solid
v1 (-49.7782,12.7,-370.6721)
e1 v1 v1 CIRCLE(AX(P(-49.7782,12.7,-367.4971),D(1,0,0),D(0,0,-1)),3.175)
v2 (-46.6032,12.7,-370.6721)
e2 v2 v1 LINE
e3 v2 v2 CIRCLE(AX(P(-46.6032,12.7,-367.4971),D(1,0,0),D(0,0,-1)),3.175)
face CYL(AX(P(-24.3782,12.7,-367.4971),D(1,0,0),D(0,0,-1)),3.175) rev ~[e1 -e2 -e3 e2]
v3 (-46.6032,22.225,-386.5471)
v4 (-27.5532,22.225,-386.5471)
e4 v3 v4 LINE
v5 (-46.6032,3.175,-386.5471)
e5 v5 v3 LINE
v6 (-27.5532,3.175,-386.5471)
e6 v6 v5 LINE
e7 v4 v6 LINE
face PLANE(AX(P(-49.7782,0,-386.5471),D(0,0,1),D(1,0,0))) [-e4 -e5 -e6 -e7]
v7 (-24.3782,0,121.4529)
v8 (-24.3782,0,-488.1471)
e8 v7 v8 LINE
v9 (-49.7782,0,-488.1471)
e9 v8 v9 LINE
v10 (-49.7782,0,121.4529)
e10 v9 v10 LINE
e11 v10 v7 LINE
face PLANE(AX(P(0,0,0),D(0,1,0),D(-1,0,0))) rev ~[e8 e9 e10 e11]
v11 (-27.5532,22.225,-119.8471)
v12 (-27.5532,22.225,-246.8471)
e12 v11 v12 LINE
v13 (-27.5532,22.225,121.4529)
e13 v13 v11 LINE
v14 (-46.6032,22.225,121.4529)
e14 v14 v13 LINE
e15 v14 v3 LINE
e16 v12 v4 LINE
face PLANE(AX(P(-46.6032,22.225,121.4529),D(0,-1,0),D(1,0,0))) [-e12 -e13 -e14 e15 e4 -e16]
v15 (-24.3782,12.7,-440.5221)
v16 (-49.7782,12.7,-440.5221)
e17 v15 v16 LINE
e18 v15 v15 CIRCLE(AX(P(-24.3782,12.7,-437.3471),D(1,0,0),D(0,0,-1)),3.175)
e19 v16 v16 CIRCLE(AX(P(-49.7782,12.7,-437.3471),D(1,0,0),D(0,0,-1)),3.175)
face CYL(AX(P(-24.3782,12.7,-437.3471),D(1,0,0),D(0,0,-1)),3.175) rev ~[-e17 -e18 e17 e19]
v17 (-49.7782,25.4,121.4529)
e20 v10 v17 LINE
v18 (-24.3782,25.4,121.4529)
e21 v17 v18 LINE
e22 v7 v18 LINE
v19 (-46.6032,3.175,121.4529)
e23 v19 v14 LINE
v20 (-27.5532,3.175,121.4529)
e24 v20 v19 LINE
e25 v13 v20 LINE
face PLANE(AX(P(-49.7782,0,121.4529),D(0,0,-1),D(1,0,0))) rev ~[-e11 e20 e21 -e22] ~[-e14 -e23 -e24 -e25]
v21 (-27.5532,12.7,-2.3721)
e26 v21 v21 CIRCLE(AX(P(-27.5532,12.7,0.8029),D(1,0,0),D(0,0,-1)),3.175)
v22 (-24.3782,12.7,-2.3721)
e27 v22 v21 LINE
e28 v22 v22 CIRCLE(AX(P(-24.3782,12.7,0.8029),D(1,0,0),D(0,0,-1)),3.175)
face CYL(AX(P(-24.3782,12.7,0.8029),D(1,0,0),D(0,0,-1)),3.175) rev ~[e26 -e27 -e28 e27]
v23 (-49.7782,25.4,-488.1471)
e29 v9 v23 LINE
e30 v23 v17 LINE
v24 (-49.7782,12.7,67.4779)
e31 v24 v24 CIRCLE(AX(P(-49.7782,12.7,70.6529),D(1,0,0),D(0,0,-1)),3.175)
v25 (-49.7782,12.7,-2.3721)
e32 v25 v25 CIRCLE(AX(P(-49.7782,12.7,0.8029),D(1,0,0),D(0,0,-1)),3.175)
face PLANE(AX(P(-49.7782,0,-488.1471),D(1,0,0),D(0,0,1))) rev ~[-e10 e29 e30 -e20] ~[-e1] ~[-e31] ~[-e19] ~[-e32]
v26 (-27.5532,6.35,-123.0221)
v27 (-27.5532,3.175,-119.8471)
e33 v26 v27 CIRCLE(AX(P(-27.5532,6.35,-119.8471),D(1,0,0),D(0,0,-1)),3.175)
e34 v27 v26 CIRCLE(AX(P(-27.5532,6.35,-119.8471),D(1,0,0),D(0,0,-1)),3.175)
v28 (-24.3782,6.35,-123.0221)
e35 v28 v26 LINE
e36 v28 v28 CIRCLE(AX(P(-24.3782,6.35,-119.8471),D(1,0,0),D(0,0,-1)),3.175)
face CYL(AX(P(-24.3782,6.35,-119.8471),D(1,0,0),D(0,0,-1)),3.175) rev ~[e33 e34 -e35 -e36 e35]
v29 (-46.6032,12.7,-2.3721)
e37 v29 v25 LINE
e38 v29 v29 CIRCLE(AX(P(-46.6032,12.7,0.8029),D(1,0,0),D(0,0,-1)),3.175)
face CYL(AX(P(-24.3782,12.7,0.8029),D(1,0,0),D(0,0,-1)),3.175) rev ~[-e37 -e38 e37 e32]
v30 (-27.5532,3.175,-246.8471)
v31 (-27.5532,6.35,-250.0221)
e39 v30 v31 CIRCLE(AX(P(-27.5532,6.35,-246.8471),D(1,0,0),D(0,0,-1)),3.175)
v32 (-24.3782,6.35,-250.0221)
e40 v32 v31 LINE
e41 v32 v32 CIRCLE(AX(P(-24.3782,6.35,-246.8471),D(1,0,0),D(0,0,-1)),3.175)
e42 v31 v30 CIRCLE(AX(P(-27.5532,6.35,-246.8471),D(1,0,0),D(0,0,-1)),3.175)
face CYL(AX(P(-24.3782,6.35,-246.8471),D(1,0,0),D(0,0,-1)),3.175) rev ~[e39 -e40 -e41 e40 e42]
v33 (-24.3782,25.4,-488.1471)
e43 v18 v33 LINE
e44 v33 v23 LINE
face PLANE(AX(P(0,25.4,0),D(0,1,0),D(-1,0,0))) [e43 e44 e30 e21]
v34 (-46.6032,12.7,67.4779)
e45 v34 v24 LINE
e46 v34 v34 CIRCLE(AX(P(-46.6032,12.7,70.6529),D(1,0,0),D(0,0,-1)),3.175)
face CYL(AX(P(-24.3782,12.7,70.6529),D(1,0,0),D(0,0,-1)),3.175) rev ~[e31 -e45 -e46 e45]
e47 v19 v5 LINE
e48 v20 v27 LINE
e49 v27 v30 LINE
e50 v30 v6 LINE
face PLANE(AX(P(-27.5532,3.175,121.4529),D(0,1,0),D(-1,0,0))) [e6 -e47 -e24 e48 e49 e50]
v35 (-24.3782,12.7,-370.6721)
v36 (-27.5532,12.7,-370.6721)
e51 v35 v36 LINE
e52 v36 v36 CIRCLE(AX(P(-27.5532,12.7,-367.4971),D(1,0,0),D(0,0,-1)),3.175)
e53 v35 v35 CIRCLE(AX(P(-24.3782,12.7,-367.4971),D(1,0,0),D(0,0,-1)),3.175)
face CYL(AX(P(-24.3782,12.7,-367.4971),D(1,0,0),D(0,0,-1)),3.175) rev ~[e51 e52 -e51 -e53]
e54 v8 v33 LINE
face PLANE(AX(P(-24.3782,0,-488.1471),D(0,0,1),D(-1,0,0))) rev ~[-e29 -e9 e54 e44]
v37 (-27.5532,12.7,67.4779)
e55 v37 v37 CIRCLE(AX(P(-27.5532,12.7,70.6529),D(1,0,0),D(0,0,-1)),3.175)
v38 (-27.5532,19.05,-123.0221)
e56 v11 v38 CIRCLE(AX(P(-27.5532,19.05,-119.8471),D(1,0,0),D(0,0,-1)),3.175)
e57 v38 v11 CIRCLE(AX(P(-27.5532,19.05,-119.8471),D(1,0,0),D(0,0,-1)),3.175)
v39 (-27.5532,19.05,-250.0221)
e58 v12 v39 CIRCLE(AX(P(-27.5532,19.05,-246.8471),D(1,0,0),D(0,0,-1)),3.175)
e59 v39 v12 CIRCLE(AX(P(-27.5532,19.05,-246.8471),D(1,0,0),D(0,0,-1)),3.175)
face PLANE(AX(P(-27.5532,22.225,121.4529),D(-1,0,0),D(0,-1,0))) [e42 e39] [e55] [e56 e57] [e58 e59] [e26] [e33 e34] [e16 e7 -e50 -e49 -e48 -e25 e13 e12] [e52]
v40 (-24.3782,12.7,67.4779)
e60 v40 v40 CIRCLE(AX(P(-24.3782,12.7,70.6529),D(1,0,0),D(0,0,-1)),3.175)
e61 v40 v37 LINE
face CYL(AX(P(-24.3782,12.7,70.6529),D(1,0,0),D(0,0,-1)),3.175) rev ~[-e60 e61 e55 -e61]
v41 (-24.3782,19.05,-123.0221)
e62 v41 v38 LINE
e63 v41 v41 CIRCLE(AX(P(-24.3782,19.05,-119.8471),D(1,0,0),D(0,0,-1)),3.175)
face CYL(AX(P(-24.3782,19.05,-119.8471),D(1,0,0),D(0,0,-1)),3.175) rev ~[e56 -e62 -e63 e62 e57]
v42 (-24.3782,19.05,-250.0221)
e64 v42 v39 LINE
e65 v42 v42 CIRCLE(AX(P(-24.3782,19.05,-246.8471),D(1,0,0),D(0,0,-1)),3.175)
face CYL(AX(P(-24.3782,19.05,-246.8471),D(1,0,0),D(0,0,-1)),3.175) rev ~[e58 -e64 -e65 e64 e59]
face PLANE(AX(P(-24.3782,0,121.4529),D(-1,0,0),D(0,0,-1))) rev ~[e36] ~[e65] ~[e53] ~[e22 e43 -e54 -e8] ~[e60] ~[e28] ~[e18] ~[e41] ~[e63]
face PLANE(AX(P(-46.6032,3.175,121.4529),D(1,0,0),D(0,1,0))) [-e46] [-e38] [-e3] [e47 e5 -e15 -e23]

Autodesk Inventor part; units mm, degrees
ref_plane "YZ Plane" through (0, 0, 0) normal (1, 0, 0) x (0, 1, 0)
ref_plane "XZ Plane" through (0, 0, 0) normal (0, 1, 0) x (-1, 0, 0)
ref_plane "XY Plane" through (0, 0, 0) normal (0, 0, 1) x (1, 0, 0)
sketch "Sketch1" plane through (0, 0, 0) normal (0, 1, 0) x (-1, 0, 0)
  line L0 (49.7782, 121.4529) -> (24.3782, 121.4529)
  line L1 (24.3782, 121.4529) -> (24.3782, -488.1471)
  line L2 (24.3782, -488.1471) -> (49.7782, -488.1471)
  line L3 (49.7782, -488.1471) -> (49.7782, 121.4529)
  point P0 (0, 0)
  dimension "d0" = 25.4
  dimension "d1" = 609.6
extrude "Extrusion1" add sketch "Sketch1" along normal blind 25.4
sketch "Sketch2" plane through (-49.7782, 0, 121.4529) normal (0, 0, 1) x (1, 0, 0)
  line L0 (0, 25.4) -> (25.4, 25.4)
  line L1 (25.4, 25.4) -> (25.4, 0)
  line L2 (25.4, 0) -> (0, 0)
  line L3 (0, 0) -> (0, 25.4)
  line L4 (3.175, 22.225) -> (22.225, 22.225)
  line L5 (22.225, 22.225) -> (22.225, 3.175)
  line L6 (22.225, 3.175) -> (3.175, 3.175)
  line L7 (3.175, 3.175) -> (3.175, 22.225)
  point P0 (49.7782, 0)
  dimension "d5" = 3.175
  dimension "d6" = 3.175
  dimension "d7" = 3.175
  dimension "d8" = 3.175
extrude "Extrusion2" cut sketch "Sketch2" against normal blind 508 contours L4 L5 L6 L7
sketch "Sketch3" plane through (-24.3782, 0, 121.4529) normal (1, 0, 0) x (0, 0, -1)
  circle A0 centre (241.3, 19.05) radius 3.175
  circle A1 centre (241.3, 6.35) radius 3.175
  line L0 (0, 25.4) -> (609.6, 25.4) projected
  line L1 (0, 0) -> (0, 25.4) projected
  line L2 (304.8, 25.4) -> (304.8, 0) construction
  circle A2 centre (368.3, 19.05) radius 3.175
  circle A3 centre (368.3, 6.35) radius 3.175
  point P0 (121.4529, 0)
  dimension "d11" = 6.35
  dimension "d12" = 6.35
  dimension "d14" = 12.7
  dimension "d15" = 6.35
  dimension "d26" = 304.8
  dimension "d27" = 63.5
  dimension "d28" = 63.5
extrude "Extrusion3" cut sketch "Sketch3" against normal blind 12.7
sketch "Sketch4" plane through (-24.3782, 0, 121.4529) normal (1, 0, 0) x (0, 0, -1)
  line L0 (0, 25.4) -> (609.6, 25.4) construction
  line L1 (304.8, 25.4) -> (304.8, 0) construction
  line L2 (0, 0) -> (0, 25.4) construction
  line L3 (120.65, 25.4) -> (120.65, 0) construction
  circle A0 centre (120.65, 12.7) radius 3.175
  circle A1 centre (488.95, 12.7) radius 3.175
  point P0 (121.4529, 0)
  dimension "d20" = 304.8
  dimension "d21" = 184.15
  dimension "d22" = 6.35
  dimension "d23" = 12.7
extrude "Extrusion4" cut sketch "Sketch4" against normal blind 25.4
sketch "Sketch6" plane through (-24.3782, 0, 121.4529) normal (1, 0, 0) x (0, 0, -1)
  line L0 (0, 0) -> (609.6, 0) projected
  line L1 (304.8, 0) -> (304.8, 25.4)
  line L2 (0, 25.4) -> (609.6, 25.4) projected
  line L3 (0, 0) -> (0, 25.4) projected
  circle A0 centre (50.8, 12.7) radius 3.175
  circle A1 centre (558.8, 12.7) radius 3.175
  point P0 (121.4529, 0)
  dimension "d29" = 304.8
  dimension "d30" = 6.35
  dimension "d31" = 12.7
  dimension "d32" = 254
extrude "Extrusion5" cut sketch "Sketch6" against normal blind 25.4 contours A0 | A1
properties part number "clawBase"
